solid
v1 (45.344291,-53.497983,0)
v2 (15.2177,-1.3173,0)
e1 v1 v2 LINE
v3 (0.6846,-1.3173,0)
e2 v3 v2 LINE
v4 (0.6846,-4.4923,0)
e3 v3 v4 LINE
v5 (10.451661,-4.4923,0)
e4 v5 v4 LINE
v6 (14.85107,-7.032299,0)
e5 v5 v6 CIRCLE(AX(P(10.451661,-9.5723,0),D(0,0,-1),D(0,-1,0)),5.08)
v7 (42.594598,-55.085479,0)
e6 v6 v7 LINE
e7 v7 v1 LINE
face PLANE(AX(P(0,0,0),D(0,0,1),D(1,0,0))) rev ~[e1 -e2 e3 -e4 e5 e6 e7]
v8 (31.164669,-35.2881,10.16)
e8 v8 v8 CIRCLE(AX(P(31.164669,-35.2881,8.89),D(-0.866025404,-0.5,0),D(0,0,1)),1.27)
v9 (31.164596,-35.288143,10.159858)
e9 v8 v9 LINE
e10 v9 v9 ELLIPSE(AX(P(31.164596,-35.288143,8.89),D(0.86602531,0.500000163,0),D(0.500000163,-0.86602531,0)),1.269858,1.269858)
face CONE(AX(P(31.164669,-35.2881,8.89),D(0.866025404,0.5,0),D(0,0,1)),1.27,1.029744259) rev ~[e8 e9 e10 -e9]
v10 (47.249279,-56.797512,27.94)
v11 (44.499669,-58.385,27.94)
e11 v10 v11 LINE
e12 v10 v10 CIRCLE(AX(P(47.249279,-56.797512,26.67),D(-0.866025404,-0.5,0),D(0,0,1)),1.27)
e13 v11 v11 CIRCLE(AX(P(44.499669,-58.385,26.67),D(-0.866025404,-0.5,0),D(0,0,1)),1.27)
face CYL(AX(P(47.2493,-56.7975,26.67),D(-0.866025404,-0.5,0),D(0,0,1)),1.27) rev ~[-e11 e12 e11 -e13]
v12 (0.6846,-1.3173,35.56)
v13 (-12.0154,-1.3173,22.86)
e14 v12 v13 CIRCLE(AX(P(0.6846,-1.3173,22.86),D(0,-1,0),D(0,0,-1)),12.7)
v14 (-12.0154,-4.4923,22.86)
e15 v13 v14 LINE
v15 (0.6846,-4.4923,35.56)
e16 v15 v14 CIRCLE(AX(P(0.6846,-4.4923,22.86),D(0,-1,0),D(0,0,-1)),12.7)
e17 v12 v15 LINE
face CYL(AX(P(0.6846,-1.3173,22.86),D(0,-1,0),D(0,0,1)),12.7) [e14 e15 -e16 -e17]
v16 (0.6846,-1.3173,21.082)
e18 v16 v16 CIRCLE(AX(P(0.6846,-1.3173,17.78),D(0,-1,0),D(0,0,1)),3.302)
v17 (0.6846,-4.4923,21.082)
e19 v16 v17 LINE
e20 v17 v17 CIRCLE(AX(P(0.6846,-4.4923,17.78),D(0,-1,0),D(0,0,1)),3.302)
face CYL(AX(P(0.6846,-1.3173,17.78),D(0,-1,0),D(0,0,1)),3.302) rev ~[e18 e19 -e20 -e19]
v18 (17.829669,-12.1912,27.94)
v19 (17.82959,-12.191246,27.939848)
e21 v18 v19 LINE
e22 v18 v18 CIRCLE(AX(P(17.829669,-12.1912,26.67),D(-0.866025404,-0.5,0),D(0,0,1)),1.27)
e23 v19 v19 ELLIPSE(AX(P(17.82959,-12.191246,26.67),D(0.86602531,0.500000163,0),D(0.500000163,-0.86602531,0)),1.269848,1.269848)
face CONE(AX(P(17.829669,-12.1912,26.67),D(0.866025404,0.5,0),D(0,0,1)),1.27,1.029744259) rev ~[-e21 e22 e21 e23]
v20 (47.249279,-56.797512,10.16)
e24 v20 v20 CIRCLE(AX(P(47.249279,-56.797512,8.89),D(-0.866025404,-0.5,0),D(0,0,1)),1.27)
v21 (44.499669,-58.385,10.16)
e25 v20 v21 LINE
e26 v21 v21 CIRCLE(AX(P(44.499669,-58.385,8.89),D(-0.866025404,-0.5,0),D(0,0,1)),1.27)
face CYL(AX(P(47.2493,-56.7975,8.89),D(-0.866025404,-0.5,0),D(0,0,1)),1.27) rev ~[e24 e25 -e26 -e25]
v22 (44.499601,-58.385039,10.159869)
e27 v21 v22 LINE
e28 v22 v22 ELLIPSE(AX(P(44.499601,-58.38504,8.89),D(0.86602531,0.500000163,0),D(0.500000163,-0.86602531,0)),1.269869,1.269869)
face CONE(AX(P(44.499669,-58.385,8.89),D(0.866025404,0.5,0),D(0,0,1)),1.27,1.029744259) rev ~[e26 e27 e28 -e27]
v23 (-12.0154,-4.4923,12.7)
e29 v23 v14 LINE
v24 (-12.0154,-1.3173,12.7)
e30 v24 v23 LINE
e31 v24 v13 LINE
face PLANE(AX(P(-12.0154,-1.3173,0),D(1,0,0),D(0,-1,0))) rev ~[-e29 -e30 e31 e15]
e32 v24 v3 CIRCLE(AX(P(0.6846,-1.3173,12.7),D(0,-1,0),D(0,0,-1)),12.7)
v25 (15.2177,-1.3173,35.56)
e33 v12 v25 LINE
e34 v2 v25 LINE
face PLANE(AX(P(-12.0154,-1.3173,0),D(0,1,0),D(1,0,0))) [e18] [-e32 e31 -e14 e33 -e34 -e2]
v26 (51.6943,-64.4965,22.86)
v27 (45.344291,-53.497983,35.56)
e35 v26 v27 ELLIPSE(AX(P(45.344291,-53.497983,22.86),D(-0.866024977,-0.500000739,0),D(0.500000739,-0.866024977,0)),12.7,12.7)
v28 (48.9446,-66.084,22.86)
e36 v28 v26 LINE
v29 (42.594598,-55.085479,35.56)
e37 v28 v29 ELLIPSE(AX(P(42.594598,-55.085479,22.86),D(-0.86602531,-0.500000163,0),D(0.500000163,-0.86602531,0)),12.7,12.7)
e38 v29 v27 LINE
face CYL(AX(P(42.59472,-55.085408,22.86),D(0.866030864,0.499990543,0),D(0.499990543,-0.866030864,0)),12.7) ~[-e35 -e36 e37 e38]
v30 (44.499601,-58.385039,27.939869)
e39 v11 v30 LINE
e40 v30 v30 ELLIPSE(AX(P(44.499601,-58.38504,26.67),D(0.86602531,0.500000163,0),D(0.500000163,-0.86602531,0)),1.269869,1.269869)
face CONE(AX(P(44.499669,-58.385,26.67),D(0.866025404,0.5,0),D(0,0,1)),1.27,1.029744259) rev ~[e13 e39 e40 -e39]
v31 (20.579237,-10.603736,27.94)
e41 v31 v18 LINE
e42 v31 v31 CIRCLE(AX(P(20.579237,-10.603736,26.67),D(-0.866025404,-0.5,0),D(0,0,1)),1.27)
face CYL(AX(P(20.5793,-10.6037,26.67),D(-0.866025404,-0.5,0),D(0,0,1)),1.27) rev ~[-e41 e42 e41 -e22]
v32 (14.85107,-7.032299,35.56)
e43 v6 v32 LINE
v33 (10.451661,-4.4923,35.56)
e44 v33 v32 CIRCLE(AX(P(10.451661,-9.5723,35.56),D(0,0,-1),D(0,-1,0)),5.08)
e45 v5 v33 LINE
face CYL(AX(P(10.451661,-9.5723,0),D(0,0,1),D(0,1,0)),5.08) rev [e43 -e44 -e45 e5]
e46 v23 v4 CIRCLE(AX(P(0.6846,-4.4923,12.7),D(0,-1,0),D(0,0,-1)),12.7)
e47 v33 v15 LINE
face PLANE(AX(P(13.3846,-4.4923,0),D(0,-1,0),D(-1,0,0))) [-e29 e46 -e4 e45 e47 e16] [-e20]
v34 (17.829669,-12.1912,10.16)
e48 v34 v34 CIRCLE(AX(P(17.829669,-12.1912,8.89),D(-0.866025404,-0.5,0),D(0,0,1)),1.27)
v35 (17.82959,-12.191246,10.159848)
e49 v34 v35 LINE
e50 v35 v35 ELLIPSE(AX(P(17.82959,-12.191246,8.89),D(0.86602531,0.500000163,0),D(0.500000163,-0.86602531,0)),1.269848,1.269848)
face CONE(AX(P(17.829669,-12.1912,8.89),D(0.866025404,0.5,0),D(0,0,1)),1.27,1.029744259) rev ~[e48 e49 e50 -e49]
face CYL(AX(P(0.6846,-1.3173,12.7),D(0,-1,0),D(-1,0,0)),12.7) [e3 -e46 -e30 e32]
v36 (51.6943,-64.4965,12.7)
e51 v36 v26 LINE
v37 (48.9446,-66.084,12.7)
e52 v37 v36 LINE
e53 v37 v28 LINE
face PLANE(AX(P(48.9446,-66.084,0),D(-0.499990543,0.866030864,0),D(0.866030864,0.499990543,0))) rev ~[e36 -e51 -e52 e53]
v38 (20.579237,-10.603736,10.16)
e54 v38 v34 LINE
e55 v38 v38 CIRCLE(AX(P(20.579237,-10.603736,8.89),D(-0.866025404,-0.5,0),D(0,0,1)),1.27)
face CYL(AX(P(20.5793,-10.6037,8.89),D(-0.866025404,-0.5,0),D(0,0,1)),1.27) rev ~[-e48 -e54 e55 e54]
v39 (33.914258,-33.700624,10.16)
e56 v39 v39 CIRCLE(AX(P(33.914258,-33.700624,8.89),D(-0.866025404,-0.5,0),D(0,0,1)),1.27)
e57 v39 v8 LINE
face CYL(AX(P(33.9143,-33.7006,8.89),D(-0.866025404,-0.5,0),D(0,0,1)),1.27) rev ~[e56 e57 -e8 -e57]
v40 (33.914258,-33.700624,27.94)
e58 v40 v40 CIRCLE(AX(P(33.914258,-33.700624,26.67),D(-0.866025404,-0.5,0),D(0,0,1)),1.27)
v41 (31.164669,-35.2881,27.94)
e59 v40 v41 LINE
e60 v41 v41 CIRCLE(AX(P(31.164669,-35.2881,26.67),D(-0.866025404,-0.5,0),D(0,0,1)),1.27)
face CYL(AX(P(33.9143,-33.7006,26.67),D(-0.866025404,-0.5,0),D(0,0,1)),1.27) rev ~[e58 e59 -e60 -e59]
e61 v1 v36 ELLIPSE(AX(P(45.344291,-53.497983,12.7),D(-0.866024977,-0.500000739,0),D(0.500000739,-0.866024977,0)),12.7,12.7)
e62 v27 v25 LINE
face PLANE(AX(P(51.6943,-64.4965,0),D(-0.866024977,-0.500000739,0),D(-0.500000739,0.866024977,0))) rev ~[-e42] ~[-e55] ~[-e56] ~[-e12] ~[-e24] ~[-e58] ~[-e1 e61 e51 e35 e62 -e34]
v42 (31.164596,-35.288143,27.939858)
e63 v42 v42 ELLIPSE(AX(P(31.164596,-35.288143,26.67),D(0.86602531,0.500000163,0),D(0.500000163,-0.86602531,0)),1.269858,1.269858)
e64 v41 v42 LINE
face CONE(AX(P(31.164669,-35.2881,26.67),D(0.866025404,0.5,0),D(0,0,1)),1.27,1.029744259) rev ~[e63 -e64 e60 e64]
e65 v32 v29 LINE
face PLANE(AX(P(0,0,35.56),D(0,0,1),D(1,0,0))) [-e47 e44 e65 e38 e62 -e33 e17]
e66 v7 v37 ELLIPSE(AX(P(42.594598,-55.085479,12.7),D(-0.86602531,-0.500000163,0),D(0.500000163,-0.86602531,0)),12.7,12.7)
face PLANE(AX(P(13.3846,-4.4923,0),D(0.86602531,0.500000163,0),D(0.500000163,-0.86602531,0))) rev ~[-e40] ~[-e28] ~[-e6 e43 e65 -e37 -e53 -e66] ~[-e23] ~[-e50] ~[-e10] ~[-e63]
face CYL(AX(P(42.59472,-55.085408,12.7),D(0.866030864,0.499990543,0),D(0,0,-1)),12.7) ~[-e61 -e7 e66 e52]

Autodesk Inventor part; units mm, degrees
ref_plane "YZ Plane" through (0, 0, 0) normal (1, 0, 0) x (0, 1, 0)
ref_plane "XZ Plane" through (0, 0, 0) normal (0, 1, 0) x (-1, 0, 0)
ref_plane "XY Plane" through (0, 0, 0) normal (0, 0, 1) x (1, 0, 0)
sketch "Sketch1" plane through (0, 0, 0) normal (0, 0, 1) x (1, 0, 0)
  line L0 (13.3846, -4.4923) -> (-12.0154, -4.4923)
  line L1 (-12.0154, -1.3173) -> (-12.0154, -4.4923)
  line L2 (13.3846, -4.4923) -> (84.5046, -4.4923) construction
  line L3 (13.3846, -4.4923) -> (84.5046, -4.4923) construction
  line L4 (13.3846, -4.4923) -> (84.5046, -4.4923) construction
  line L5 (13.3846, -4.4923) -> (48.9446, -66.084)
  line L6 (13.3846, -4.4923) -> (84.5046, -4.4923) construction
  line L7 (48.9446, -66.084) -> (51.6943, -64.4965)
  line L8 (-12.0154, -1.3173) -> (15.2177, -1.3173)
  line L9 (51.6943, -64.4965) -> (15.2177, -1.3173)
  dimension "d13" = 3.175
  dimension "d30" = 71.12
  dimension "d31" = 60
  dimension "d32" = 3.175
extrude "Extrusion1" add sketch "Sketch1" along normal blind 35.56
sketch "Sketch2" plane through (-12.0154, -1.3173, 0) normal (0, 1, 0) x (1, 0, 0)
  line L0 (0, 0) -> (27.2331, 0) projected
  line L1 (0, 0) -> (0, -35.56) projected
  point P0 (12.0154, 0)
  point P1 (12.7, -17.78)
  dimension "d45" = 17.78
  dimension "d46" = 12.7
hole "Hole1" at (0.6846, -1.3173, 17.78) direction (0, -1, 0) diameter 6.604 depth 3.175 tip angle 118
sketch "Sketch3" plane through (15.2177, -1.3173, 35.56) normal (0.866, 0.5, 0) x (0, 0, -1)
  line L0 (35.56, -72.9531) -> (0, -72.9531) projected
  line L1 (35.56, 0) -> (35.56, -72.9531) projected
  point P0 (35.56, 8.7496)
  point P1 (26.67, -64.0631)
  dimension "d47" = 8.89
  dimension "d48" = 8.89
hole "Hole2" at (47.2493, -56.7975, 8.89) direction (-0.866, -0.5, 0) diameter 2.54 depth 3.175 tip angle 118
sketch "Sketch4" plane through (15.2177, -1.3173, 35.56) normal (0.866, 0.5, 0) x (0, 0, -1)
  line L0 (0, -72.9531) -> (0, 0) projected
  line L1 (35.56, -72.9531) -> (0, -72.9531) projected
  point P0 (35.56, 8.7496)
  point P1 (8.89, -64.0631)
  dimension "d56" = 8.89
  dimension "d57" = 8.89
hole "Hole3" at (47.2493, -56.7975, 26.67) direction (-0.866, -0.5, 0) diameter 2.54 depth 3.175 tip angle 118
sketch "Sketch5" plane through (15.2177, -1.3173, 35.56) normal (0.866, 0.5, 0) x (0, 0, -1)
  line L0 (0, -72.9531) -> (0, 0) projected
  line L1 (35.56, -72.9531) -> (0, -72.9531) projected
  point P0 (35.56, 8.7496)
  point P1 (8.89, -37.3931)
  dimension "d65" = 8.89
  dimension "d66" = 35.56
hole "Hole4" at (33.9143, -33.7006, 26.67) direction (-0.866, -0.5, 0) diameter 2.54 depth 3.175 tip angle 118
sketch "Sketch6" plane through (15.2177, -1.3173, 35.56) normal (0.866, 0.5, 0) x (0, 0, -1)
  line L0 (35.56, 0) -> (35.56, -72.9531) projected
  line L1 (35.56, -72.9531) -> (0, -72.9531) projected
  point P0 (35.56, 8.7496)
  point P1 (26.67, -37.3931)
  dimension "d74" = 8.89
  dimension "d75" = 35.56
hole "Hole5" at (33.9143, -33.7006, 8.89) direction (-0.866, -0.5, 0) diameter 2.54 depth 3.175 tip angle 118
sketch "Sketch7" plane through (15.2177, -1.3173, 35.56) normal (0.866, 0.5, 0) x (0, 0, -1)
  line L0 (35.56, 0) -> (35.56, -72.9531) projected
  line L1 (35.56, 0) -> (0, 0) projected
  circle A0 centre (26.67, -37.3931) radius 1.27 projected
  point P0 (35.56, 8.7496)
  point P1 (26.67, -10.7231)
  dimension "d83" = 8.89
  dimension "d101" = 26.67
hole "Hole6" at (20.5793, -10.6037, 8.89) direction (-0.866, -0.5, 0) diameter 2.54 depth 3.175 tip angle 118
sketch "Sketch8" plane through (15.2177, -1.3173, 35.56) normal (0.866, 0.5, 0) x (0, 0, -1)
  line L0 (35.56, 0) -> (0, 0) projected
  line L1 (0, -72.9531) -> (0, 0) projected
  circle A0 centre (8.89, -37.3931) radius 1.27 projected
  point P0 (35.56, 8.7496)
  point P1 (8.89, -10.7231)
  dimension "d93" = 8.89
  dimension "d102" = 26.67
hole "Hole7" at (20.5793, -10.6037, 26.67) direction (-0.866, -0.5, 0) diameter 2.54 depth 3.175 tip angle 118
fillet "Fillet1" radius 12.7 1 edges at (50.3194, -65.2902, 0)
fillet "Fillet2" radius 12.7 1 edges at (50.3194, -65.2902, 35.56)
fillet "Fillet3" radius 12.7 1 edges at (-12.0154, -2.9048, 35.56)
fillet "Fillet4" radius 12.7 1 edges at (-12.0154, -2.9048, 0)
fillet "Fillet5" radius 5.08 1 edges at (13.3846, -4.4923, 17.78)
properties part number "matrix_holder"
